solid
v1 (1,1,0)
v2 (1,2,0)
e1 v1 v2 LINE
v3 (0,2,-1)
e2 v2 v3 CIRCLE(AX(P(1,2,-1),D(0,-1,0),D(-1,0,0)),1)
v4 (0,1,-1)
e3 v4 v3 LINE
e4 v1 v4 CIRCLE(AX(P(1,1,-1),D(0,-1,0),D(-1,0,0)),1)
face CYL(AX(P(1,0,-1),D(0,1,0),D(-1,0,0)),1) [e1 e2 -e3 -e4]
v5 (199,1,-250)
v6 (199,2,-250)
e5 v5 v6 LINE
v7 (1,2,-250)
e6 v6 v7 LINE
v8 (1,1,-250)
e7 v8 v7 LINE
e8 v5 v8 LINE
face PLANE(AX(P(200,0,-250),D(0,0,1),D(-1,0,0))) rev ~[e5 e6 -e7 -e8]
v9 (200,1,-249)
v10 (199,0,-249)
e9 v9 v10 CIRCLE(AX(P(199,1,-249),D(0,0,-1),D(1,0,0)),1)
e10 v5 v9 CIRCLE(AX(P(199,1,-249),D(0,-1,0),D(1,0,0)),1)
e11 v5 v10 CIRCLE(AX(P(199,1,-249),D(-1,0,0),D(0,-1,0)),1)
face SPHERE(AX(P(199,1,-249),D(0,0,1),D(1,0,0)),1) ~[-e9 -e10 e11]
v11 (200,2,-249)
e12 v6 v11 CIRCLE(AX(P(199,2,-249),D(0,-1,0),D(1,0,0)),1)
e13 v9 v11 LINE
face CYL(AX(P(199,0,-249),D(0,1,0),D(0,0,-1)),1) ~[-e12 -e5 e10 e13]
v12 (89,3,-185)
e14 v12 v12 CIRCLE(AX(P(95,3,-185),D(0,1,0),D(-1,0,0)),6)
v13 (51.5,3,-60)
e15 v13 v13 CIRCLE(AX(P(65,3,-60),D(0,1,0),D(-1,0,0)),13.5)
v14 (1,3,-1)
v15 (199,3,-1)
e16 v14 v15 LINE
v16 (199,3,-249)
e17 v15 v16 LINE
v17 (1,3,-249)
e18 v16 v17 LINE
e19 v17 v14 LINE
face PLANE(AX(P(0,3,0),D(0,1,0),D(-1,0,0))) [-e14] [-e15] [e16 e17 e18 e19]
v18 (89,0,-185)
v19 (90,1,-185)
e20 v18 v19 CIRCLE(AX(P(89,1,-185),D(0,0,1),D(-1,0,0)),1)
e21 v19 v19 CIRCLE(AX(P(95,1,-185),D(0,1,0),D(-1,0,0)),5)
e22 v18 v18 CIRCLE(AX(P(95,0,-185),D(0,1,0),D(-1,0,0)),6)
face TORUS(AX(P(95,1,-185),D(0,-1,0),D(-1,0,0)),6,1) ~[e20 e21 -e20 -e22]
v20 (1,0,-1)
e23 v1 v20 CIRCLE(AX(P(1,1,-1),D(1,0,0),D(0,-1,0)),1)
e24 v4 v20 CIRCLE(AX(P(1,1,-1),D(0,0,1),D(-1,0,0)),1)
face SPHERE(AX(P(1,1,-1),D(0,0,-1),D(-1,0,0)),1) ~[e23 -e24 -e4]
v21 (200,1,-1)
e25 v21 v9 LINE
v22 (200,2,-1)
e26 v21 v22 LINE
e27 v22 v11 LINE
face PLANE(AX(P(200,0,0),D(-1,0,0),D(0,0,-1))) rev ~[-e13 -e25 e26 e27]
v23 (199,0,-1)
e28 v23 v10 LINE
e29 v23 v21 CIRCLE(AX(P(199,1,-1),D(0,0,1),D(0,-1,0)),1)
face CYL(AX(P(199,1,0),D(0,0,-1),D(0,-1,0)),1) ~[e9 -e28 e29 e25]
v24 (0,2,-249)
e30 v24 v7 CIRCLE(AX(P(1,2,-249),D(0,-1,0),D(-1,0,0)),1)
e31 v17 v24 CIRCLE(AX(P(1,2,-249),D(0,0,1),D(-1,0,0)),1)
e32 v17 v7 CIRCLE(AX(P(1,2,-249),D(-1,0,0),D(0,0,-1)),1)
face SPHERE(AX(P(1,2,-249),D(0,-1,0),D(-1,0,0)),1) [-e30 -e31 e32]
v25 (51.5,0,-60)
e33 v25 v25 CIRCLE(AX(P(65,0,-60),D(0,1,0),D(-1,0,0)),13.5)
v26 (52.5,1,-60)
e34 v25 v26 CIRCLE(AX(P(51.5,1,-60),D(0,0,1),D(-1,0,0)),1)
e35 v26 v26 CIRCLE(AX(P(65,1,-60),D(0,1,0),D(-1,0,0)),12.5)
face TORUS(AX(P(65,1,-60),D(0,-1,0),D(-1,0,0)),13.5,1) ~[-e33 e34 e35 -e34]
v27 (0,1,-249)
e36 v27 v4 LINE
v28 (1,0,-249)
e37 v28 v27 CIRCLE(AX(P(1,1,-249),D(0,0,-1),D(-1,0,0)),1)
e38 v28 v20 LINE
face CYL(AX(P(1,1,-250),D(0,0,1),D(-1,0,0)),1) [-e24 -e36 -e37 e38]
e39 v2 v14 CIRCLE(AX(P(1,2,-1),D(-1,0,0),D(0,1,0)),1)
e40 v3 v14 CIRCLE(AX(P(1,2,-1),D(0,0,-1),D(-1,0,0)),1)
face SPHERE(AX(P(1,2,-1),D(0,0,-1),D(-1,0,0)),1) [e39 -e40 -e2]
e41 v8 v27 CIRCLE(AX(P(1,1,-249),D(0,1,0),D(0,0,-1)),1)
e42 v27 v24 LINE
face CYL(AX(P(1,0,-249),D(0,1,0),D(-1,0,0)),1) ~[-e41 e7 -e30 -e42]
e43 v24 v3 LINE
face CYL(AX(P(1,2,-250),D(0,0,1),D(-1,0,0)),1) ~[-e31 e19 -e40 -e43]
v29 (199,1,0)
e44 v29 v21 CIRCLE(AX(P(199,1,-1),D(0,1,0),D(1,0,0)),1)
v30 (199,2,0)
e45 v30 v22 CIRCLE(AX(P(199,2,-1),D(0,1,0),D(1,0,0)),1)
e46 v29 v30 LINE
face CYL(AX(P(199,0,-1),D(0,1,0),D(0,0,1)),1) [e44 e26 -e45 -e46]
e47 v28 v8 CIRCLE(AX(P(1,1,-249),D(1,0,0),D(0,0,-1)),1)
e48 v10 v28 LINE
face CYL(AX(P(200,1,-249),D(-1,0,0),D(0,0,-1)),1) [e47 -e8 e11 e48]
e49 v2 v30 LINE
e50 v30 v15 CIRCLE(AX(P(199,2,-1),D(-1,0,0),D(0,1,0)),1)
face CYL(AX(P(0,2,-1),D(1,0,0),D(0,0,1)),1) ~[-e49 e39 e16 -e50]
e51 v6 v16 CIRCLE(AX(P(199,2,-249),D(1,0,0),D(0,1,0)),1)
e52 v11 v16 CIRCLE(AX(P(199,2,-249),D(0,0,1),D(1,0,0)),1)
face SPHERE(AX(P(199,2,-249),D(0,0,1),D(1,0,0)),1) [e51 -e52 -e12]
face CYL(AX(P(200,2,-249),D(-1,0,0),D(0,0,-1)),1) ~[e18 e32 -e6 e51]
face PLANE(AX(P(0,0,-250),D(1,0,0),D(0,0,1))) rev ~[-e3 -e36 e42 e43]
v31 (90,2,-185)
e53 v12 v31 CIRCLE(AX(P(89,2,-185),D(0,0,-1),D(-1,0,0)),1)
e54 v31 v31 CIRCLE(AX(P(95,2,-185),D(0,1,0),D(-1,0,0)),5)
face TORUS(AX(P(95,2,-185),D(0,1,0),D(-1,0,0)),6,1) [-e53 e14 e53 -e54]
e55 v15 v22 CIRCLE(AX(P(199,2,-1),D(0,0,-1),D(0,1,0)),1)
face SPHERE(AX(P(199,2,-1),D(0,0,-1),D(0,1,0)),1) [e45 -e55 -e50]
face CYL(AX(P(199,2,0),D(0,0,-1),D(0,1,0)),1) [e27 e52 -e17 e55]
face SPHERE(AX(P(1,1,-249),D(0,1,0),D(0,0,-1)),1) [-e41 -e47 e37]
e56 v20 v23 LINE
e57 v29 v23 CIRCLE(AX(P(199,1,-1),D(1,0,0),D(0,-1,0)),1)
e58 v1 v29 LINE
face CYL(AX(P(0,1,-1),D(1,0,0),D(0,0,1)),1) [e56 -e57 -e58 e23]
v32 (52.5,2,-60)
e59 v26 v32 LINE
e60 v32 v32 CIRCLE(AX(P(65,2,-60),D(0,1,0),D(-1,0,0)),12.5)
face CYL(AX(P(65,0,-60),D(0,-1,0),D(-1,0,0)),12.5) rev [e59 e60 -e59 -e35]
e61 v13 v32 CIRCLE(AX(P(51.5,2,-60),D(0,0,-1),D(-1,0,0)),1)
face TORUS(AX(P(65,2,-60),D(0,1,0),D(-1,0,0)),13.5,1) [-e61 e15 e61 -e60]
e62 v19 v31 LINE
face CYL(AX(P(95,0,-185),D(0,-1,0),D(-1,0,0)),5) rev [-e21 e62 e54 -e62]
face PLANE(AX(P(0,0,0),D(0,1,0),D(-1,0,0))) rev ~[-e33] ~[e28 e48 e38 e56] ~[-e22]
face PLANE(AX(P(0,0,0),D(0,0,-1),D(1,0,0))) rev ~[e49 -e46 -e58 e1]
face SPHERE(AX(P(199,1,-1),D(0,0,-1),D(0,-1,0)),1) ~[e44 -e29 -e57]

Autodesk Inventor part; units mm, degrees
ref_plane "YZ Plane" through (0, 0, 0) normal (1, 0, 0) x (0, 1, 0)
ref_plane "XZ Plane" through (0, 0, 0) normal (0, 1, 0) x (-1, 0, 0)
ref_plane "XY Plane" through (0, 0, 0) normal (0, 0, 1) x (1, 0, 0)
sketch "page_lines" plane through (0, 0, 0) normal (0, 1, 0) x (-1, 0, 0)
  line L0 (0, 0) -> (-200, 0)
  line L1 (-200, 0) -> (-200, -250)
  line L2 (-200, -250) -> (0, -250)
  line L3 (0, -250) -> (0, 0)
  circle A0 centre (-65, -60) radius 6
  circle A1 centre (-125, -80) radius 6
  circle A2 centre (-65, -60) radius 12.5
  circle A3 centre (-65, -60) radius 8.5
  circle A4 centre (-125, -80) radius 8.5
  circle A5 centre (-125, -80) radius 12.5
  circle A6 centre (-175, -125) radius 3
  line L4 (-175, -125) -> (-175, -209)
  line L5 (-175, -125) -> (-91, -125) construction
  circle A7 centre (-175, -139) radius 3
  circle A8 centre (-175, -153) radius 3
  circle A9 centre (-175, -167) radius 3
  circle A10 centre (-175, -181) radius 3
  circle A11 centre (-175, -195) radius 3
  circle A12 centre (-175, -209) radius 3
  circle A13 centre (-95, -185) radius 2.5
  circle A14 centre (-95, -185) radius 5
  point P0 (-200, -125)
  dimension "d0" = 200
  dimension "d1" = 250
  dimension "d2" = 12
  dimension "d3" = 12
  dimension "d4" = 25
  dimension "d5" = 17
  dimension "d6" = 17
  dimension "d7" = 25
  dimension "d8" = 75
  dimension "d9" = 80
  dimension "d10" = 65
  dimension "d11" = 60
  dimension "d12" = 6
  dimension "d13" = 84
  dimension "d14" = 90
  dimension "d15" = 25
  dimension "d16" = 125
  dimension "d19" = 14
  dimension "d24" = 5
  dimension "d25" = 10
  dimension "d26" = 65
  dimension "d27" = 95
extrude "wire" add sketch "page_lines" along normal blind 3 contours L3 L2 L1 L0 | A1 | A4 | A5 | A6 | A12 | A11 L4 | L4 A11 | A10 L4 | L4 A10 | A9 L4 | L4 A9 | A8 L4 | L4 A8 | A7 L4 | L4 A7
fillet "Fillet1" radius 1 16 edges at (77.5, 3, -60) (77.5, 0, -60) (100, 3, -185) (100, 0, -185) (200, 3, -125) (200, 0, -125) (200, 1.5, -250) (0, 1.5, -250) (0, 3, -125) (100, 3, -250) (100, 0, -250) (0, 0, -125) (0, 1.5, 0) (100, 0, 0) (100, 3, 0) (200, 1.5, 0)
properties part number "pages_wire"
